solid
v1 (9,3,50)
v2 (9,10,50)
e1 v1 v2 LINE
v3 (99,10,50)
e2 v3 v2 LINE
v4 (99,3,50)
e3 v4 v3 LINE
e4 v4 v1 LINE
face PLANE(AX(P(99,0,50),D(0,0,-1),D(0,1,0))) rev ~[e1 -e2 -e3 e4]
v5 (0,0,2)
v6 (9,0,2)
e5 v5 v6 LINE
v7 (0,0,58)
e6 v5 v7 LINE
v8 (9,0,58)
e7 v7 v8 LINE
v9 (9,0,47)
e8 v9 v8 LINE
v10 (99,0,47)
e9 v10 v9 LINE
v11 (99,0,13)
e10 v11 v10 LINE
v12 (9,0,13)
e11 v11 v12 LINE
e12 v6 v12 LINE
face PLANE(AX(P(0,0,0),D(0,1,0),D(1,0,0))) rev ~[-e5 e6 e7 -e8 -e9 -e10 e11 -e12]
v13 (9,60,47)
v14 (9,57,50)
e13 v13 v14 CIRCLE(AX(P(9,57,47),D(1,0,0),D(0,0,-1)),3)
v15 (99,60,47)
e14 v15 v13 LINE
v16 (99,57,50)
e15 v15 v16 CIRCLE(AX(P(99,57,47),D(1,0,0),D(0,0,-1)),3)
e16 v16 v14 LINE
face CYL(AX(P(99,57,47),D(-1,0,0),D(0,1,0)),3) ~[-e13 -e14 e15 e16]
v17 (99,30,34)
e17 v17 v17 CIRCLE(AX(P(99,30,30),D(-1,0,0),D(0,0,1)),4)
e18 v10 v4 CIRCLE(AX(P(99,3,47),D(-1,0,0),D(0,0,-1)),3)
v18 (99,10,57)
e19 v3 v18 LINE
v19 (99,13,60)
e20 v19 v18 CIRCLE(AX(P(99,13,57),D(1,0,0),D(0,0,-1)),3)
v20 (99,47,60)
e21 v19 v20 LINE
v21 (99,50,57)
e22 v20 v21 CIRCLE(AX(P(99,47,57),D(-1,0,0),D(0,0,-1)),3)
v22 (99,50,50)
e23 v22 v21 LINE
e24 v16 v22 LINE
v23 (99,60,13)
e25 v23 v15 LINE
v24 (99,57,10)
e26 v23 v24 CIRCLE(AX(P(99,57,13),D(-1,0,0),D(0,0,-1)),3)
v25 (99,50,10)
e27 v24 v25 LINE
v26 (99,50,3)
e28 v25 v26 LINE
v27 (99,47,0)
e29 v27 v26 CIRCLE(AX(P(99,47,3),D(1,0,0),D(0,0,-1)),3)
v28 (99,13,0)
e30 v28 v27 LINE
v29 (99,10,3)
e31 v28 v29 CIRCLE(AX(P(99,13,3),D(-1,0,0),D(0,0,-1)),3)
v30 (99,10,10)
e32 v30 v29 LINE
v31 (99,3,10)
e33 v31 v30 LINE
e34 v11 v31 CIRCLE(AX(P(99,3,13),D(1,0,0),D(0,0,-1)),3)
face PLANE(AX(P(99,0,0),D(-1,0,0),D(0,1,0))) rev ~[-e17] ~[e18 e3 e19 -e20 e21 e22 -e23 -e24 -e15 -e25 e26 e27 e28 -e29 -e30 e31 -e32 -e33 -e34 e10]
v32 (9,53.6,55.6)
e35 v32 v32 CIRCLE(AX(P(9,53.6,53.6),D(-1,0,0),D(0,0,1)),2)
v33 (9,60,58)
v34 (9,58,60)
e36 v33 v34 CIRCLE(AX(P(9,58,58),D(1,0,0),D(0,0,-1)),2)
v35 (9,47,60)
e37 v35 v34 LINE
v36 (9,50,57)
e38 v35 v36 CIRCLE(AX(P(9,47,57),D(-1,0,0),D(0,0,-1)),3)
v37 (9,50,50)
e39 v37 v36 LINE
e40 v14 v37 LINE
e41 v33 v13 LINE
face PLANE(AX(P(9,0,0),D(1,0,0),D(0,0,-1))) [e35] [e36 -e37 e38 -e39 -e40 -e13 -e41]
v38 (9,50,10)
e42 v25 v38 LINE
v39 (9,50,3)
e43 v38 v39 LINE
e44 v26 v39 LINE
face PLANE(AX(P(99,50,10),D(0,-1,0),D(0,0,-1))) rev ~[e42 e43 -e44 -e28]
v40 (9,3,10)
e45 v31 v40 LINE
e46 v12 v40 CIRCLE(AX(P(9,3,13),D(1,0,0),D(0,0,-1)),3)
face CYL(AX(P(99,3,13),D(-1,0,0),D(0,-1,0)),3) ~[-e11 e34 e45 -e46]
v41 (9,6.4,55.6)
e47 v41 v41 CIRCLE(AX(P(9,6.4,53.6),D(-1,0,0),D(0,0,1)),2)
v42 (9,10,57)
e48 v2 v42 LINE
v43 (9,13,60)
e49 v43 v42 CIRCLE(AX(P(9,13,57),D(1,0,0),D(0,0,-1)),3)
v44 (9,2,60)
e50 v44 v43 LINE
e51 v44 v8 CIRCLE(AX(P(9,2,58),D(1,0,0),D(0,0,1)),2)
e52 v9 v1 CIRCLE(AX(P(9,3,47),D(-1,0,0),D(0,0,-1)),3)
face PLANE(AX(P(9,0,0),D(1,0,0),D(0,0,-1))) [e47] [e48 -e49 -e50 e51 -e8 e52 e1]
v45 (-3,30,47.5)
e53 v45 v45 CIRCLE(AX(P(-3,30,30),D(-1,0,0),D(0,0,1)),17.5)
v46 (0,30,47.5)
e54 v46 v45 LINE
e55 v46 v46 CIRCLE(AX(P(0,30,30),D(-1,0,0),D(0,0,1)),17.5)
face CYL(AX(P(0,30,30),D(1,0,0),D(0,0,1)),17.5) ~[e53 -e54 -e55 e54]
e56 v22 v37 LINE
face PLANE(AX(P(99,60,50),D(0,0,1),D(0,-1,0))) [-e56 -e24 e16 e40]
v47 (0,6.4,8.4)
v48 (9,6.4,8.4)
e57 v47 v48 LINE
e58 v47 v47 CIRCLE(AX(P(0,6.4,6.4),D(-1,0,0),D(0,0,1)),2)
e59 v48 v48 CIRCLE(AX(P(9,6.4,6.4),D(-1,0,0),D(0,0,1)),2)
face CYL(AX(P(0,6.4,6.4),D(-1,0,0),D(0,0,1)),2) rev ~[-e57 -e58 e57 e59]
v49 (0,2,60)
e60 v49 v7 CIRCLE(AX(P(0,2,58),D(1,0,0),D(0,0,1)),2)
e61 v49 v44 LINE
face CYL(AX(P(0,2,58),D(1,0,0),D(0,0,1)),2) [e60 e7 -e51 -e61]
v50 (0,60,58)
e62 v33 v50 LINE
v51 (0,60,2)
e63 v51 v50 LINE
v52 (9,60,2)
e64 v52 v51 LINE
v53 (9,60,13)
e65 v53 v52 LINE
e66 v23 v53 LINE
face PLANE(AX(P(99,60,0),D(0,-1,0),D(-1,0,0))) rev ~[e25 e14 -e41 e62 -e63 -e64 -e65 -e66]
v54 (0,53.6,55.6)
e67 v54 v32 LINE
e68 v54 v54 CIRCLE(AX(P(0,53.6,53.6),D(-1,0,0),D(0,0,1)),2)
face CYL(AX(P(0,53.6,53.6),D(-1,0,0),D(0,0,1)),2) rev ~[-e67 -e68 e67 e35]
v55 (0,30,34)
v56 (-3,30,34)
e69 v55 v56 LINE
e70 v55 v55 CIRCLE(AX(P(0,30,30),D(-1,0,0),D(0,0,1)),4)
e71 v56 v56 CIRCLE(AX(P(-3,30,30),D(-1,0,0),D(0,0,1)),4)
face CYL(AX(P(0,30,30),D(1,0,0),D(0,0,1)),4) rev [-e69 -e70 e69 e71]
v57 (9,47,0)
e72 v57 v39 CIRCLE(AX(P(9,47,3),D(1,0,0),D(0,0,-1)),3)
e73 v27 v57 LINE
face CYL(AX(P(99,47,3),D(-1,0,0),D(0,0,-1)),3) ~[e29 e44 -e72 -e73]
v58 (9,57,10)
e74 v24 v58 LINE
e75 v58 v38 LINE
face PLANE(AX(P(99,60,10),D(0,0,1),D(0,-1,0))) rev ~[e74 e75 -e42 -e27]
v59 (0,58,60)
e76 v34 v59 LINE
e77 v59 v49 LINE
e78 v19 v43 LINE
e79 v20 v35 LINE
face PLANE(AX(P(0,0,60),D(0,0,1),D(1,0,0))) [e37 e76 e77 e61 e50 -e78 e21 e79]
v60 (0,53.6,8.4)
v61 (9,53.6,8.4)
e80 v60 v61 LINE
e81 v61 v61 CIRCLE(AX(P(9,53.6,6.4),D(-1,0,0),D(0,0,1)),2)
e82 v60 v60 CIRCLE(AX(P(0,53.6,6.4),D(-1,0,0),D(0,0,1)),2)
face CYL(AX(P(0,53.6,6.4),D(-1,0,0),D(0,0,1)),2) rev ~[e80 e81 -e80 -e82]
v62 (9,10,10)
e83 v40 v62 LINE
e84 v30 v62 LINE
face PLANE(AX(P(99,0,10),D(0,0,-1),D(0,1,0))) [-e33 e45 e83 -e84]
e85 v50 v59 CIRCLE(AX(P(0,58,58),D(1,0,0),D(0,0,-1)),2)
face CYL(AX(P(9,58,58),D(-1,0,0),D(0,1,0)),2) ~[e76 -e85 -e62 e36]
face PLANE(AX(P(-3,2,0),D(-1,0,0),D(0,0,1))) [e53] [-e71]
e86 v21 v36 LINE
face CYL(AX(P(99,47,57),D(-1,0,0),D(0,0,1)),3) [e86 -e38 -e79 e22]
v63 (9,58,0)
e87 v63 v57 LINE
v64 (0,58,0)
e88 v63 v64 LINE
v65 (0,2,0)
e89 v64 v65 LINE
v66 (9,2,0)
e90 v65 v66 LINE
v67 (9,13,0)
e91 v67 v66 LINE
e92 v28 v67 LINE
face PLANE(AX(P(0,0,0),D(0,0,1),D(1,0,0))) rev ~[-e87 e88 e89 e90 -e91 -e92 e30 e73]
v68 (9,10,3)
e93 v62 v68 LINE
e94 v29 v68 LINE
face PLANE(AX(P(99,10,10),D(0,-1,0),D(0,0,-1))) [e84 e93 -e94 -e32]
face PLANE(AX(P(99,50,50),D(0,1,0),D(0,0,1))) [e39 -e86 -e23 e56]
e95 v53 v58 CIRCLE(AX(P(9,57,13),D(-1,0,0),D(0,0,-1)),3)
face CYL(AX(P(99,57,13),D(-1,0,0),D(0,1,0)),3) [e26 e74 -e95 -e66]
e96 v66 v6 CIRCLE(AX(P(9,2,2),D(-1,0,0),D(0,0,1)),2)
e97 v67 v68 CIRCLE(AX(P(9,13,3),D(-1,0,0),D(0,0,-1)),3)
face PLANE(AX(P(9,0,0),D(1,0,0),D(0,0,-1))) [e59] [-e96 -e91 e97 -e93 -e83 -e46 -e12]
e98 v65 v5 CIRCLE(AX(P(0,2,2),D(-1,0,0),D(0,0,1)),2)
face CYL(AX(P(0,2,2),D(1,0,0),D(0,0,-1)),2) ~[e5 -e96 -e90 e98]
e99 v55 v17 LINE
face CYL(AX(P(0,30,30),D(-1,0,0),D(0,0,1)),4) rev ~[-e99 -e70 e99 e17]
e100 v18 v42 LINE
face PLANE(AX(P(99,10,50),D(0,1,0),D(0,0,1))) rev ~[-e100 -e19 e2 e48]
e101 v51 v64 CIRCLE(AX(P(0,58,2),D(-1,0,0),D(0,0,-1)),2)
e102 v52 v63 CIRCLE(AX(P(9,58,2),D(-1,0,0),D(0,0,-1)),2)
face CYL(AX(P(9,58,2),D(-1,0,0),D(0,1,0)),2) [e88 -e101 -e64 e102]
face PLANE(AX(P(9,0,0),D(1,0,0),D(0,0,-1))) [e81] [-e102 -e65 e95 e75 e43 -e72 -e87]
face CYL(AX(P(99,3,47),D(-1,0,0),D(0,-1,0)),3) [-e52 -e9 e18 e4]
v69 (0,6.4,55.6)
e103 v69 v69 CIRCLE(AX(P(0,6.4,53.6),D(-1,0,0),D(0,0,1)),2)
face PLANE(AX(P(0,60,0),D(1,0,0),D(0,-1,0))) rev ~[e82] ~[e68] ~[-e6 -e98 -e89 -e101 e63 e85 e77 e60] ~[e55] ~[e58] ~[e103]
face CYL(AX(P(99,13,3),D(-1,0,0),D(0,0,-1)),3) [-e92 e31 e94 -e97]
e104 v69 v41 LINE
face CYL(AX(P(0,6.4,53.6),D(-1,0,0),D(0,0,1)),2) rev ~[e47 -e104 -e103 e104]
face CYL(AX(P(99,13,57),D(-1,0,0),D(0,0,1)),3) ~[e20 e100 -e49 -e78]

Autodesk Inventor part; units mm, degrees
ref_plane "YZ Plane" through (0, 0, 0) normal (1, 0, 0) x (0, 1, 0)
ref_plane "XZ Plane" through (0, 0, 0) normal (0, 1, 0) x (-1, 0, 0)
ref_plane "XY Plane" through (0, 0, 0) normal (0, 0, 1) x (1, 0, 0)
sketch "Sketch2" plane through (0, 0, 0) normal (0, 0, 1) x (1, 0, 0)
  line L0 (0, 0) -> (99, 0)
  line L1 (99, 0) -> (99, 60)
  line L2 (99, 60) -> (0, 60)
  line L3 (0, 60) -> (0, 0)
  dimension "d2" = 99
  dimension "d3" = 60
extrude "Extrusion1" add sketch "Sketch2" along normal blind 60
sketch "Sketch3" plane through (0, 0, 0) normal (-1, 0, 0) x (0, 0, 1)
  circle A0 centre (30, 30) radius 4
  line L0 (0, 60) -> (60, 60) projected
  line L1 (0, 60) -> (0, 0) projected
  point P0 (30, 60)
  point P1 (0, 30)
  dimension "d6" = 8
extrude "Extrusion2" cut sketch "Sketch3" against normal through all
sketch "Sketch4" plane through (99, 0, 0) normal (1, 0, 0) x (0, 0, -1)
  line L0 (0, 60) -> (-60, 60) projected
  line L1 (-60, 60) -> (-50, 60)
  line L2 (-50, 60) -> (-50, 50)
  line L3 (-50, 50) -> (-60, 50)
  line L4 (-60, 50) -> (-60, 60)
  line L5 (0, 60) -> (-10, 60)
  line L6 (-10, 60) -> (-10, 50)
  line L7 (-10, 50) -> (0, 50)
  line L8 (0, 50) -> (0, 60)
  line L9 (0, 0) -> (-10, 0)
  line L10 (-10, 0) -> (-10, 10)
  line L11 (-10, 10) -> (0, 10)
  line L12 (0, 10) -> (0, 0)
  line L13 (-60, 0) -> (-50, 0)
  line L14 (-50, 0) -> (-50, 10)
  line L15 (-50, 10) -> (-60, 10)
  line L16 (-60, 10) -> (-60, 0)
  dimension "d9" = 10
  dimension "d10" = 10
  dimension "d11" = 10
  dimension "d12" = 10
  dimension "d13" = 10
  dimension "d14" = 10
  dimension "d15" = 10
  dimension "d16" = 10
extrude "Extrusion3" cut sketch "Sketch4" against normal blind 90
fillet "Fillet1" radius 3 8 edges at (54, 50, 60) (54, 60, 50) (54, 60, 10) (54, 50, 0) (54, 10, 60) (54, 0, 50) (54, 0, 10) (54, 10, 0)
fillet "Fillet2" radius 2 4 edges at (4.5, 60, 60) (4.5, 0, 60) (4.5, 60, 0) (4.5, 0, 0)
sketch "Sketch5" plane through (0, 2, 0) normal (-1, 0, 0) x (0, 0, 1)
  circle A0 centre (30, 28) radius 4 projected
  circle A1 centre (30, 28) radius 17.5
  point P0 (0, -2)
  dimension "d21" = 35
extrude "Extrusion4" add sketch "Sketch5" along normal blind 3
sketch "Sketch6" plane through (0, 2, 0) normal (-1, 0, 0) x (0, 0, 1)
  line L0 (6.4, 4.4) -> (53.6, 4.4) construction
  line L1 (53.6, 4.4) -> (53.6, 51.6) construction
  line L2 (53.6, 51.6) -> (6.4, 51.6) construction
  line L3 (6.4, 51.6) -> (6.4, 4.4) construction
  circle A0 centre (6.4, 51.6) radius 2
  circle A1 centre (53.6, 51.6) radius 2
  circle A2 centre (53.6, 4.4) radius 2
  circle A3 centre (6.4, 4.4) radius 2
  circle A4 centre (30, 28) radius 4 construction
  point P0 (0, -2)
  point P1 (30, 51.6)
  point P2 (53.6, 28)
  dimension "d24" = 47.2
  dimension "d25" = 47.2
  dimension "d26" = 4
  dimension "d27" = 4
  dimension "d28" = 4
  dimension "d29" = 4
extrude "Extrusion5" cut sketch "Sketch6" against normal through all
properties material "Steel, Carbon"
